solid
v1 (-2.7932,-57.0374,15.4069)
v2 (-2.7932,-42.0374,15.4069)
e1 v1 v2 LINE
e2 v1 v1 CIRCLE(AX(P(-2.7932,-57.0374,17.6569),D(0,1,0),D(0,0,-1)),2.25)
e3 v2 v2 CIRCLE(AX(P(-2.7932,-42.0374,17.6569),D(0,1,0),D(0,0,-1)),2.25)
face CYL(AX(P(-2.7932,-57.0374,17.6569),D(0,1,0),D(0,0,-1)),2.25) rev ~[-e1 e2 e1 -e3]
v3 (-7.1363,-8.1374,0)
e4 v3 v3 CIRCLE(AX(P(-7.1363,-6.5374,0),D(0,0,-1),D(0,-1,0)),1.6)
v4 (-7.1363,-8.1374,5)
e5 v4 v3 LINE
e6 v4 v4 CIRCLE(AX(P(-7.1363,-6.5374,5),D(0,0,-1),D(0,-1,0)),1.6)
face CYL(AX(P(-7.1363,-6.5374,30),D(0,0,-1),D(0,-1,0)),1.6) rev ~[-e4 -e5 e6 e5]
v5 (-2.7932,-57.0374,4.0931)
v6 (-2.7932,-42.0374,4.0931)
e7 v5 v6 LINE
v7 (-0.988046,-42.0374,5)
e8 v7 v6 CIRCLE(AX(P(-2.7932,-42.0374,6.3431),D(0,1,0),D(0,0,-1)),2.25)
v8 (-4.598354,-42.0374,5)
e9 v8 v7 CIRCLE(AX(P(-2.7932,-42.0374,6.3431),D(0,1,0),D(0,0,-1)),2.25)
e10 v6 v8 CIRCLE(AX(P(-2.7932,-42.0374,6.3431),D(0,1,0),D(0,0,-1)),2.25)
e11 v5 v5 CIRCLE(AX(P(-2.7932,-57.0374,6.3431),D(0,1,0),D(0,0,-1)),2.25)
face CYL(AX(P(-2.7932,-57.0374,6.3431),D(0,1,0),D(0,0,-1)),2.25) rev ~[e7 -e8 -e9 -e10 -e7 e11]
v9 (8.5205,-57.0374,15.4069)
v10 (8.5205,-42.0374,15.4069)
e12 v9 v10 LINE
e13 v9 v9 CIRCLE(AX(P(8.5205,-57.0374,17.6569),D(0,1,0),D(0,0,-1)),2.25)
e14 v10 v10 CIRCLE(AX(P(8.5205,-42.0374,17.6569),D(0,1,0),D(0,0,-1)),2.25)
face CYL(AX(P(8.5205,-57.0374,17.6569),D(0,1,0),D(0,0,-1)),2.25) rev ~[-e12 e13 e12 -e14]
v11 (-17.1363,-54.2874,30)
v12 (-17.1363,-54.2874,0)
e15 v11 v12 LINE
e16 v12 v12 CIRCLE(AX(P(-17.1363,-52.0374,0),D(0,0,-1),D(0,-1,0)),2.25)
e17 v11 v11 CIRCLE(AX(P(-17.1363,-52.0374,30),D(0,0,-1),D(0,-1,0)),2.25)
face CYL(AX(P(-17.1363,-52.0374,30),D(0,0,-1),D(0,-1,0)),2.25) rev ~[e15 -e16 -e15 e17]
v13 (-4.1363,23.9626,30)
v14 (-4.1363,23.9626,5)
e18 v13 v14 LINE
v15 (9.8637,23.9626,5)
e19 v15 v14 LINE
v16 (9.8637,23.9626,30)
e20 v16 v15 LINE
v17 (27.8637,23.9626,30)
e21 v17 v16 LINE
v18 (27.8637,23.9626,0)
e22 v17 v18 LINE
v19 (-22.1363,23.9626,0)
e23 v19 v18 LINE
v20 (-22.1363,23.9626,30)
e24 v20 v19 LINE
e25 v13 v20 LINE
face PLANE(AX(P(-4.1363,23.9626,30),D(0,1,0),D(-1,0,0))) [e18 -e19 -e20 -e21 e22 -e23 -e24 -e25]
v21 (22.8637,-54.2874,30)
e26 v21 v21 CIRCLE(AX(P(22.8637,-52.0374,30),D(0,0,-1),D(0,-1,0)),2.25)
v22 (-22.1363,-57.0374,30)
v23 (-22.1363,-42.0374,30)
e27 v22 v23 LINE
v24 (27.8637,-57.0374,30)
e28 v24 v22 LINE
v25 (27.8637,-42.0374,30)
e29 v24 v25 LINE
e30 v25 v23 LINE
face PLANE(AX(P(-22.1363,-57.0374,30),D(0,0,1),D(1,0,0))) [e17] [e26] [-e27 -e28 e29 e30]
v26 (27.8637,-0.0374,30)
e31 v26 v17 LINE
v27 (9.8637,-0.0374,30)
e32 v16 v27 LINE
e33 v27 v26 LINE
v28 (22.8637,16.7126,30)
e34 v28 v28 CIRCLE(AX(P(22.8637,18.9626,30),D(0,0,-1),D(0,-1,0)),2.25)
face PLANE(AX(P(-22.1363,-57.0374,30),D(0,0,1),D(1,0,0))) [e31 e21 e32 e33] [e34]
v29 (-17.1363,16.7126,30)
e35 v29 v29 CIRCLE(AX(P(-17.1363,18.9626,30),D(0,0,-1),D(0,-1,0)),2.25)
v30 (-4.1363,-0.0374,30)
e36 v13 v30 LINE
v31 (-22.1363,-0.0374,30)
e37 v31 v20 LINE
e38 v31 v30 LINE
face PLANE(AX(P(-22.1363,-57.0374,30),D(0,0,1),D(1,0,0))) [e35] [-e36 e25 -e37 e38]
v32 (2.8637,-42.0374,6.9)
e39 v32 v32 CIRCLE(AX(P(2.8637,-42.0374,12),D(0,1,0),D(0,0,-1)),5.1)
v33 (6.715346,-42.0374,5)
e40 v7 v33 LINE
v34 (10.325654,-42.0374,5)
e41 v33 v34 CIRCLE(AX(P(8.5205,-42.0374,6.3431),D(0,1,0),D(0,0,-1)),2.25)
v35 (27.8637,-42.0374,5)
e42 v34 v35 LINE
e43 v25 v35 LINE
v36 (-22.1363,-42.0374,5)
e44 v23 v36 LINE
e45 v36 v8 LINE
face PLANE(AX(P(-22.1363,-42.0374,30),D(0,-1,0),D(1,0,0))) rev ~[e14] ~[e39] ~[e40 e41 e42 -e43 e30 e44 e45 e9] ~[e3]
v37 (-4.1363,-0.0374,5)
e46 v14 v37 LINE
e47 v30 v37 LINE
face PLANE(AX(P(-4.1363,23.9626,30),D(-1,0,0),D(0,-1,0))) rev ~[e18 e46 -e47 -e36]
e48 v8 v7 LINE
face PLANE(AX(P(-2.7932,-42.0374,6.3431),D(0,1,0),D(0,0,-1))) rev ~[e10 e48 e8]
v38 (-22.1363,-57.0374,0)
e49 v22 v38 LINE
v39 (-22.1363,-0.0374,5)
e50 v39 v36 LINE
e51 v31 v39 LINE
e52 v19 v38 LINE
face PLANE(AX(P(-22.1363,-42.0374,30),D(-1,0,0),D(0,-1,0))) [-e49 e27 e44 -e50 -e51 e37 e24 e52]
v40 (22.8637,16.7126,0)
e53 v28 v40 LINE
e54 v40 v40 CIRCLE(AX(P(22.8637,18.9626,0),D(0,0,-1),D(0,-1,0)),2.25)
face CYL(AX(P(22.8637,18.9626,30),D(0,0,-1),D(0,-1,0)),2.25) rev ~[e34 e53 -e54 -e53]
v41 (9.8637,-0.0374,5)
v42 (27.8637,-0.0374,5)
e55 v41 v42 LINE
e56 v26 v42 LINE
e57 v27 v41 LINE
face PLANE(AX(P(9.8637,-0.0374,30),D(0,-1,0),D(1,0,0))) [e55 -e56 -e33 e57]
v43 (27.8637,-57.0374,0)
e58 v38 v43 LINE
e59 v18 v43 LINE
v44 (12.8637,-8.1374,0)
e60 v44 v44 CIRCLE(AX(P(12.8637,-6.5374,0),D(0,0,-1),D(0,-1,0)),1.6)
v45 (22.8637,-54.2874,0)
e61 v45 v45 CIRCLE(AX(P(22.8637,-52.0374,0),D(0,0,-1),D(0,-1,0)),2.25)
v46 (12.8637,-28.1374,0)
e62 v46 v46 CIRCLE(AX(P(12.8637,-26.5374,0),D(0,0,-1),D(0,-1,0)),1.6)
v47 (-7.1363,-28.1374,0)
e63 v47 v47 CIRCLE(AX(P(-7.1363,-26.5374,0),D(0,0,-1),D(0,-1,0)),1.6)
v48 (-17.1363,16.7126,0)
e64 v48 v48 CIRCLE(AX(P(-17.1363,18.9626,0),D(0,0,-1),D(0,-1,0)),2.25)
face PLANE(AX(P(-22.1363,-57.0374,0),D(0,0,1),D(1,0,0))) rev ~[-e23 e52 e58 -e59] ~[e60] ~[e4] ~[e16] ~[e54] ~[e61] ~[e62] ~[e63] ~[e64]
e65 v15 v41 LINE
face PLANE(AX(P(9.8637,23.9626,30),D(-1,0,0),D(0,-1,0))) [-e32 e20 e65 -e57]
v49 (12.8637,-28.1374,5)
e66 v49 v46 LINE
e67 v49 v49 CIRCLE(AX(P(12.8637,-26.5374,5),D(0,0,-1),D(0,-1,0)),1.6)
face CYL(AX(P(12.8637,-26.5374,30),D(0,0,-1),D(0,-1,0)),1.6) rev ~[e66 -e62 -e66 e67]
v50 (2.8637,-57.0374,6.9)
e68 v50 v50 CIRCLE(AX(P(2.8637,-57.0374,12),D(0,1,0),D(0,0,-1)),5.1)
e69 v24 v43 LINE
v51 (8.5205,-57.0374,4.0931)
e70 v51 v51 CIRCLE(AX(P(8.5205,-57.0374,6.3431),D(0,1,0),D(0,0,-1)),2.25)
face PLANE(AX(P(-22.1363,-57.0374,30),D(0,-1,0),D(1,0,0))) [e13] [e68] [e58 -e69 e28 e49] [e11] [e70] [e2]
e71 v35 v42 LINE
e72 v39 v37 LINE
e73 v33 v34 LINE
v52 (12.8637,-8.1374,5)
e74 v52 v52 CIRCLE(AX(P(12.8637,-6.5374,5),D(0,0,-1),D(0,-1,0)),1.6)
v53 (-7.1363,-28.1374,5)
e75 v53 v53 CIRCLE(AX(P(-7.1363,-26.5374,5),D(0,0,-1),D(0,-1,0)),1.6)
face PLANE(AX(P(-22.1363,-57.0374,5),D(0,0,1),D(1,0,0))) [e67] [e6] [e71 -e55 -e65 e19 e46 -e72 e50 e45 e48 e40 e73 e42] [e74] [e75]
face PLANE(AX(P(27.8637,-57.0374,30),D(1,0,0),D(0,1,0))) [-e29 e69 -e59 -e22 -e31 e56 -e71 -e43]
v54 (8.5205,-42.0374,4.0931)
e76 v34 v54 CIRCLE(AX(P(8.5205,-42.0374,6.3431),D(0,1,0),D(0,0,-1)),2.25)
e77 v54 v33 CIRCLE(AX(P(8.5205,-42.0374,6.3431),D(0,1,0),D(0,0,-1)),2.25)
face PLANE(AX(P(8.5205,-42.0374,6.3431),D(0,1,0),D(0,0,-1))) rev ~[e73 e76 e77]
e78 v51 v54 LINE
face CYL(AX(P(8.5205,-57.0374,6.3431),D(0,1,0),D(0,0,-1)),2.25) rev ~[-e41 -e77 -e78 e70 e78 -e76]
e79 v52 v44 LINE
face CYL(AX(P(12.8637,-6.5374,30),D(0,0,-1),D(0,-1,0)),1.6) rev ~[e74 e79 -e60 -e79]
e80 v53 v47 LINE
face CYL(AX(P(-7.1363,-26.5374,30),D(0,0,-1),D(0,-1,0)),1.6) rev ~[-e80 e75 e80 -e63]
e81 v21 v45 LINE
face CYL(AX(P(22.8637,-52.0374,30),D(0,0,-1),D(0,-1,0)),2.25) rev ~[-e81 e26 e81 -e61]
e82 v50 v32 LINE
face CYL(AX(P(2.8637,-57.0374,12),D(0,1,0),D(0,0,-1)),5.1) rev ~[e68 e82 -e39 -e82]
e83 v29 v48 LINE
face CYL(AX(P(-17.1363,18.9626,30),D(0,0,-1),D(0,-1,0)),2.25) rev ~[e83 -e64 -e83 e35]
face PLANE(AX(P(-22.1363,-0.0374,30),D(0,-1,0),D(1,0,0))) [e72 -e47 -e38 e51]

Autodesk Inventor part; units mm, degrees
ref_plane "YZ Plane" through (0, 0, 0) normal (1, 0, 0) x (0, 1, 0)
ref_plane "Work Plane1" through (-22.1363, -57.0374, 30) normal (0, 0, 1) x (1, 0, 0)
sketch "Sketch1" plane through (-22.1363, -57.0374, 30) normal (0, 0, 1) x (1, 0, 0)
  line L0 (0, 0) -> (50, 0)
  line L1 (50, 0) -> (50, 81)
  line L2 (50, 81) -> (0, 81)
  line L3 (0, 81) -> (0, 0)
  line L4 (25, 81) -> (25, 0) construction
  line L5 (0, 40.5) -> (50, 40.5) construction
  circle A0 centre (5, 76) radius 2.25
  circle A1 centre (45, 5) radius 2.25
  circle A2 centre (45, 76) radius 2.25
  circle A3 centre (5, 5) radius 2.25
  line L6 (18, 81) -> (18, 0)
  line L7 (32, 81) -> (32, 0)
  line L8 (0, 15) -> (50, 15)
  line L9 (0, 57) -> (50, 57)
  circle A4 centre (35, 30.5) radius 1.6
  circle A5 centre (15, 50.5) radius 1.6
  circle A6 centre (15, 30.5) radius 1.6
  circle A7 centre (35, 50.5) radius 1.6
  point P0 (18, 57)
  point P1 (32, 57)
  dimension "d0" = 50
  dimension "d1" = 81
  dimension "d2" = 5
  dimension "d3" = 5
  dimension "d5" = 4.5
  dimension "d27" = 14
  dimension "d28" = 24
  dimension "d29" = 15
  dimension "d30" = 20
  dimension "d31" = 20
  dimension "d32" = 3.2
ref_plane "Work Plane4" through (-22.1363, -57.0374, 0) normal (0, -1, 0) x (1, 0, 0)
sketch "Sketch2" plane through (-22.1363, -57.0374, 0) normal (0, -1, 0) x (1, 0, 0)
  line L0 (0, 0) -> (50, 0)
  line L1 (50, 0) -> (50, 30)
  line L2 (50, 30) -> (0, 30)
  line L3 (0, 30) -> (0, 0)
  line L4 (25, 0) -> (25, 30) construction
  line L5 (0, 12) -> (50, 12) construction
  circle A0 centre (25, 12) radius 5.1
  circle A1 centre (30.6569, 17.6569) radius 2.25
  line L6 (25, 12) -> (30.6569, 17.6569) construction
  circle A2 centre (19.3431, 6.3431) radius 2.25
  circle A3 centre (30.6569, 6.3431) radius 2.25
  circle A4 centre (19.3431, 17.6569) radius 2.25
  dimension "d17" = 50
  dimension "d18" = 30
  dimension "d21" = 12
  dimension "d22" = 10.2
  dimension "d24" = 4.5
  dimension "d25" = 8
  dimension "d26" = 45
extrude "Extrusion1" add sketch "Sketch1" against normal blind 30 contours L3 L8 L6 L0 | L6 L8 L7 L0 | L3 L9 L6 L8 | L7 L8 L1 L0 | L6 L9 L7 L8 | L3 L2 L6 L9 | L7 L9 L1 L8 | L6 L2 L7 L9 | L7 L2 L1 L9 | A0 | A1 | A2 | A3 | A4 | A5 | A6 | A7
hole "Hole2" at (-7.1363, -6.5374, 30) at (12.8637, -6.5374, 30) at (12.8637, -26.5374, 30) at (-7.1363, -26.5374, 30) direction (0, 0, -1) diameter 3.2 end through all
hole "Hole3" at (-17.1363, 18.9626, 30) at (22.8637, 18.9626, 30) at (22.8637, -52.0374, 30) at (-17.1363, -52.0374, 30) direction (0, 0, -1) diameter 4.5 end through all
hole "Hole4" at (-2.7932, -57.0374, 17.6569) at (8.5205, -57.0374, 17.6569) at (8.5205, -57.0374, 6.3431) at (-2.7932, -57.0374, 6.3431) direction (0, 1, 0) diameter 4.5 depth 15
hole "Hole5" at (2.8637, -57.0374, 12) direction (0, 1, 0) diameter 10.2 end through all
extrude "Extrusion2" cut sketch "Sketch1" against normal blind 25 contours L3 L9 L6 L8 | L6 L9 L7 L8 | L7 L9 L1 L8 | L6 L2 L7 L9
properties part number "y_slider_bracket" material "PC/ABS Plastic"
